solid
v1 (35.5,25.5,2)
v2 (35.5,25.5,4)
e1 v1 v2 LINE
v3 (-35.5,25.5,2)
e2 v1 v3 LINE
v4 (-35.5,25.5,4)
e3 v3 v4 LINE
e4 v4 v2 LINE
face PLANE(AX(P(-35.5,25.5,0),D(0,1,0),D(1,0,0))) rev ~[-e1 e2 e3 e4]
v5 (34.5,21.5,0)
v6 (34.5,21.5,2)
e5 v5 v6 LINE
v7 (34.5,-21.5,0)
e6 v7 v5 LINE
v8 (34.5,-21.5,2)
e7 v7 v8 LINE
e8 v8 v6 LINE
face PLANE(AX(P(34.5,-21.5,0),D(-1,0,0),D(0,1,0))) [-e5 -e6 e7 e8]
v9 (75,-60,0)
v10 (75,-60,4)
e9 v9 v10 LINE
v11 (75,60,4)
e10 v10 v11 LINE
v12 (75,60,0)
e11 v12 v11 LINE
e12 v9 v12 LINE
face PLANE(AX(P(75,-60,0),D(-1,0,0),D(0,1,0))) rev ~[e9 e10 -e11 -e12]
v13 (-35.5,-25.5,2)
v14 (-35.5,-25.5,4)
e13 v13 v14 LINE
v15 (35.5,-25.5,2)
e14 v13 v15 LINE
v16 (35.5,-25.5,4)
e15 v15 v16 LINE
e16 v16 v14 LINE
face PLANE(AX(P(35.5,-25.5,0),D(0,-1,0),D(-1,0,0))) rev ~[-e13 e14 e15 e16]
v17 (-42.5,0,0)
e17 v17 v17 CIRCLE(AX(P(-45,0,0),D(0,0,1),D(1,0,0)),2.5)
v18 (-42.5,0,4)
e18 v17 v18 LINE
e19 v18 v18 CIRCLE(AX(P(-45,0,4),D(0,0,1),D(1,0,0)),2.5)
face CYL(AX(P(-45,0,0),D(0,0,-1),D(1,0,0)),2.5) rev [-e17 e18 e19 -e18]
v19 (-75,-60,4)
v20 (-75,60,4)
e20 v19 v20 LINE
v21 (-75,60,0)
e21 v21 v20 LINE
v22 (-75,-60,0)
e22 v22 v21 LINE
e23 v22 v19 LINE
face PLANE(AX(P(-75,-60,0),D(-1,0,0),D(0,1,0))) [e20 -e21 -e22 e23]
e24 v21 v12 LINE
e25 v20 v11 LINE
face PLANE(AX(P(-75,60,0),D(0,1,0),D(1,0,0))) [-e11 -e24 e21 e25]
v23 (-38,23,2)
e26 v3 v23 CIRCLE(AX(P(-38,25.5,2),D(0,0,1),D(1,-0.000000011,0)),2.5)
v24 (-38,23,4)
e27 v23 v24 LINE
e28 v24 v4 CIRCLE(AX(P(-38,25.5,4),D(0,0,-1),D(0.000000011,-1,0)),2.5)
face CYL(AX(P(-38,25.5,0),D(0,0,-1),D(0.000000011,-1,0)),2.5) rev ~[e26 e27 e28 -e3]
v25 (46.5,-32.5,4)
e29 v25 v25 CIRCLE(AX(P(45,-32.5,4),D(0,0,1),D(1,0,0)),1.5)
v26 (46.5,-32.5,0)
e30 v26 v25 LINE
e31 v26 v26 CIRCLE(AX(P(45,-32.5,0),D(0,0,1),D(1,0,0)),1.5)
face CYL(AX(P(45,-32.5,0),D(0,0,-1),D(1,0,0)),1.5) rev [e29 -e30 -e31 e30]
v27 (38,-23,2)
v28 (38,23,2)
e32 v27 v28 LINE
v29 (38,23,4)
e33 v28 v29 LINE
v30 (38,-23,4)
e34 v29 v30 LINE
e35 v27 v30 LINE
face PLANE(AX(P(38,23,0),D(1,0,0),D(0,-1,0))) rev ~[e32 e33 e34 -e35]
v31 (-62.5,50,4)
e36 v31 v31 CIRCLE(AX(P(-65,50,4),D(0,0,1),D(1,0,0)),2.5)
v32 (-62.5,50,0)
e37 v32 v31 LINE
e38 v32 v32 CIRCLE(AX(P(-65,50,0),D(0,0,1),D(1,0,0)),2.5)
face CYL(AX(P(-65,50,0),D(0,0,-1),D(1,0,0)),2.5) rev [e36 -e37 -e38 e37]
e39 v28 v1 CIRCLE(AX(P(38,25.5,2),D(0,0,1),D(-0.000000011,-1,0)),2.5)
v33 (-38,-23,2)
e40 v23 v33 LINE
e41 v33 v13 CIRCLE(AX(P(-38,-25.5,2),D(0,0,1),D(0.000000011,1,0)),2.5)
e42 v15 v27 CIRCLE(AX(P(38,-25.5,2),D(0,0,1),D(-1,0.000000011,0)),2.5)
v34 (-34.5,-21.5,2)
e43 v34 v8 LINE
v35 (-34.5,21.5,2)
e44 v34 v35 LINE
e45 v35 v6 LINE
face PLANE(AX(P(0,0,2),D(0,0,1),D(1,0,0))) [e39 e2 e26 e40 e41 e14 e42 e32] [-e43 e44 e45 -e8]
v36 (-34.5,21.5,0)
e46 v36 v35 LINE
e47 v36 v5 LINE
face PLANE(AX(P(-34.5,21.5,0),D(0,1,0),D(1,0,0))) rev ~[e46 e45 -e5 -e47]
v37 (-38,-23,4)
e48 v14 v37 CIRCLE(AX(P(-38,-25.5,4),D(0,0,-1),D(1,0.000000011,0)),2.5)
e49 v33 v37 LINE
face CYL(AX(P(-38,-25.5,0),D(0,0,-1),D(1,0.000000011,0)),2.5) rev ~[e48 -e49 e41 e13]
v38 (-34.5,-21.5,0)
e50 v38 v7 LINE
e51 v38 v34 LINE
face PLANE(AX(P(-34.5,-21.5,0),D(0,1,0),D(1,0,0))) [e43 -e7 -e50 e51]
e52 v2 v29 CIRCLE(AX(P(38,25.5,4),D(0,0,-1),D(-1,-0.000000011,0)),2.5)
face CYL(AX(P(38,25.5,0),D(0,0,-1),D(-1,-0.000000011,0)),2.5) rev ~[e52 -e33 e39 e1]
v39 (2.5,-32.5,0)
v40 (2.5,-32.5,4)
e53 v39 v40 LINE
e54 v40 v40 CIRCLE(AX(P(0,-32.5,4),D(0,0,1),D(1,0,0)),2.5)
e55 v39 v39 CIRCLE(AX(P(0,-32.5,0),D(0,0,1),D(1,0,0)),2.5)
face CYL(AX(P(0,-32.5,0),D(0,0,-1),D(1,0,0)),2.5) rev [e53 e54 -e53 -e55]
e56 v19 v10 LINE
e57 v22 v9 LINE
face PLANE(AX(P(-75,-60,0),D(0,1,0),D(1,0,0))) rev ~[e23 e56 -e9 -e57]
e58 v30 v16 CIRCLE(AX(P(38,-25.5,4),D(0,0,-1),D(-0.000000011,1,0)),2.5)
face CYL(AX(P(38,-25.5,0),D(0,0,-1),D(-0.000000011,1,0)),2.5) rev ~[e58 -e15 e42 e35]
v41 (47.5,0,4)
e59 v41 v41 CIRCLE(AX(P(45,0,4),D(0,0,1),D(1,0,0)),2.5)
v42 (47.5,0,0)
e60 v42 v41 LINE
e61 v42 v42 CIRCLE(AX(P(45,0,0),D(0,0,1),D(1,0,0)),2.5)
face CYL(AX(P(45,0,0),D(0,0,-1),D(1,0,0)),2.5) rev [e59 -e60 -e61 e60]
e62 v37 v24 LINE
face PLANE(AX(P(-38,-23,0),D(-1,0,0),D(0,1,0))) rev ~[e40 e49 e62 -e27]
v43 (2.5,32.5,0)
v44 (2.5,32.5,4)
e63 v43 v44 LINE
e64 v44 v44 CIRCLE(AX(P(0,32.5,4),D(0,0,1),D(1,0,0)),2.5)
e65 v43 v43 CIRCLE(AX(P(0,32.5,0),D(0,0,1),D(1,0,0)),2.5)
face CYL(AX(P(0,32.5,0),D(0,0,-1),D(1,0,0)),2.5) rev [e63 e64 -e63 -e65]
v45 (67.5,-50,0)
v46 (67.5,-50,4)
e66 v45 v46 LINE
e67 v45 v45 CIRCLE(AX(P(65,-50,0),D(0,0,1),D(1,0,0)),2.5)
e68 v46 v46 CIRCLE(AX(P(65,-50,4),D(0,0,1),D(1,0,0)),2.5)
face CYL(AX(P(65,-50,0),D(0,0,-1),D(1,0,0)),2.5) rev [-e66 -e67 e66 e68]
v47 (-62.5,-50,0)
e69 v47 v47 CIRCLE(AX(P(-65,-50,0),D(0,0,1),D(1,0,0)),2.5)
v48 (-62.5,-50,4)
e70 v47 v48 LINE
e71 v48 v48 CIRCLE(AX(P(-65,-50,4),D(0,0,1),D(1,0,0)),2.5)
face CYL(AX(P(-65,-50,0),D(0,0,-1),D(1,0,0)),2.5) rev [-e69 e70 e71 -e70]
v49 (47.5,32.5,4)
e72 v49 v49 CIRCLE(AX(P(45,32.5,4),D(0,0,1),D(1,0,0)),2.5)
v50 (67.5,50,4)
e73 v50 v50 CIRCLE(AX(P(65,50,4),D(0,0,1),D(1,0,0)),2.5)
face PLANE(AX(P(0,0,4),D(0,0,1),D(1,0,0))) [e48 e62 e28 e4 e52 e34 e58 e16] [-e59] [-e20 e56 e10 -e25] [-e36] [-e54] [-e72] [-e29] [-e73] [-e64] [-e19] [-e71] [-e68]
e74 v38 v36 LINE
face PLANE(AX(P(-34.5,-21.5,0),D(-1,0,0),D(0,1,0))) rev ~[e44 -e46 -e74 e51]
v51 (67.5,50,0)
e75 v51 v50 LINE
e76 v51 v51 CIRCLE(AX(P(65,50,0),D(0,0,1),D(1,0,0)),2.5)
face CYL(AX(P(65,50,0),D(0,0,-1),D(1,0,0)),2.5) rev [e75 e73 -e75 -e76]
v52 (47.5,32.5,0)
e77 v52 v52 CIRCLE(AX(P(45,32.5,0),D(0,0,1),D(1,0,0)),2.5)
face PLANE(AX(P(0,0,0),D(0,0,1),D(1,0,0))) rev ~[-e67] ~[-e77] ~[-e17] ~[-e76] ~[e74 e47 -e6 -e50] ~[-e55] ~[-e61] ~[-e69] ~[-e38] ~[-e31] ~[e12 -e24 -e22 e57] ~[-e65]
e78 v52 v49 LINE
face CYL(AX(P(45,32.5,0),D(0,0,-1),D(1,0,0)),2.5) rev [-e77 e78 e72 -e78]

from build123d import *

# Parameters (mm, degrees)
F0_W     = 150
F0_H     = 120
F0_R     = 2.5
F0_R_2   = 1.5
F1_DEPTH = 4
F0_W_2   = 69
F0_H_2   = 43
F2_DEPTH = 2


with BuildPart() as f1:
    # F0 (on Top) → F1 (new body)
    with BuildSketch(Plane.XY):
        Rectangle(F0_W, F0_H)
        with Locations((-65, -50)):
            Circle(F0_R, mode=Mode.SUBTRACT)
        with Locations((0, -32.5)):
            Circle(F0_R, mode=Mode.SUBTRACT)
        with Locations((65, -50)):
            Circle(F0_R, mode=Mode.SUBTRACT)
        with Locations((45, -32.5)):
            Circle(F0_R_2, mode=Mode.SUBTRACT)
        with Locations((-45, 0)):
            Circle(F0_R, mode=Mode.SUBTRACT)
        with Locations((-65, 50)):
            Circle(F0_R, mode=Mode.SUBTRACT)
        with BuildLine():
            Line((-35.5, 25.5), (35.5, 25.5))
            ThreePointArc((35.5, 25.5), (39.767767, 27.267767), (38, 23))
            Line((38, 23), (38, -23))
            ThreePointArc((38, -23), (39.767767, -27.267767), (35.5, -25.5))
            Line((35.5, -25.5), (-35.5, -25.5))
            ThreePointArc((-35.5, -25.5), (-39.767767, -27.267767), (-38, -23))
            Line((-38, -23), (-38, 23))
            ThreePointArc((-38, 23), (-39.767767, 27.267767), (-35.5, 25.5))
        make_face(mode=Mode.SUBTRACT)
        with Locations((45, 0)):
            Circle(F0_R, mode=Mode.SUBTRACT)
        with Locations((0, 32.5)):
            Circle(F0_R, mode=Mode.SUBTRACT)
        with Locations((45, 32.5)):
            Circle(F0_R, mode=Mode.SUBTRACT)
        with Locations((65, 50)):
            Circle(F0_R, mode=Mode.SUBTRACT)
    extrude(amount=F1_DEPTH)

    # F0 (on Top) → F2 (join)
    with BuildSketch(Plane.XY):
        with BuildLine():
            ThreePointArc((38, 23), (39.767767, 27.267767), (35.5, 25.5))
            Line((35.5, 25.5), (-35.5, 25.5))
            ThreePointArc((-35.5, 25.5), (-39.767767, 27.267767), (-38, 23))
            Line((-38, 23), (-38, -23))
            ThreePointArc((-38, -23), (-39.767767, -27.267767), (-35.5, -25.5))
            Line((-35.5, -25.5), (35.5, -25.5))
            ThreePointArc((35.5, -25.5), (39.767767, -27.267767), (38, -23))
            Line((38, -23), (38, 23))
        make_face()
        Rectangle(F0_W_2, F0_H_2, mode=Mode.SUBTRACT)
    extrude(amount=F2_DEPTH)


solid = f1.part
